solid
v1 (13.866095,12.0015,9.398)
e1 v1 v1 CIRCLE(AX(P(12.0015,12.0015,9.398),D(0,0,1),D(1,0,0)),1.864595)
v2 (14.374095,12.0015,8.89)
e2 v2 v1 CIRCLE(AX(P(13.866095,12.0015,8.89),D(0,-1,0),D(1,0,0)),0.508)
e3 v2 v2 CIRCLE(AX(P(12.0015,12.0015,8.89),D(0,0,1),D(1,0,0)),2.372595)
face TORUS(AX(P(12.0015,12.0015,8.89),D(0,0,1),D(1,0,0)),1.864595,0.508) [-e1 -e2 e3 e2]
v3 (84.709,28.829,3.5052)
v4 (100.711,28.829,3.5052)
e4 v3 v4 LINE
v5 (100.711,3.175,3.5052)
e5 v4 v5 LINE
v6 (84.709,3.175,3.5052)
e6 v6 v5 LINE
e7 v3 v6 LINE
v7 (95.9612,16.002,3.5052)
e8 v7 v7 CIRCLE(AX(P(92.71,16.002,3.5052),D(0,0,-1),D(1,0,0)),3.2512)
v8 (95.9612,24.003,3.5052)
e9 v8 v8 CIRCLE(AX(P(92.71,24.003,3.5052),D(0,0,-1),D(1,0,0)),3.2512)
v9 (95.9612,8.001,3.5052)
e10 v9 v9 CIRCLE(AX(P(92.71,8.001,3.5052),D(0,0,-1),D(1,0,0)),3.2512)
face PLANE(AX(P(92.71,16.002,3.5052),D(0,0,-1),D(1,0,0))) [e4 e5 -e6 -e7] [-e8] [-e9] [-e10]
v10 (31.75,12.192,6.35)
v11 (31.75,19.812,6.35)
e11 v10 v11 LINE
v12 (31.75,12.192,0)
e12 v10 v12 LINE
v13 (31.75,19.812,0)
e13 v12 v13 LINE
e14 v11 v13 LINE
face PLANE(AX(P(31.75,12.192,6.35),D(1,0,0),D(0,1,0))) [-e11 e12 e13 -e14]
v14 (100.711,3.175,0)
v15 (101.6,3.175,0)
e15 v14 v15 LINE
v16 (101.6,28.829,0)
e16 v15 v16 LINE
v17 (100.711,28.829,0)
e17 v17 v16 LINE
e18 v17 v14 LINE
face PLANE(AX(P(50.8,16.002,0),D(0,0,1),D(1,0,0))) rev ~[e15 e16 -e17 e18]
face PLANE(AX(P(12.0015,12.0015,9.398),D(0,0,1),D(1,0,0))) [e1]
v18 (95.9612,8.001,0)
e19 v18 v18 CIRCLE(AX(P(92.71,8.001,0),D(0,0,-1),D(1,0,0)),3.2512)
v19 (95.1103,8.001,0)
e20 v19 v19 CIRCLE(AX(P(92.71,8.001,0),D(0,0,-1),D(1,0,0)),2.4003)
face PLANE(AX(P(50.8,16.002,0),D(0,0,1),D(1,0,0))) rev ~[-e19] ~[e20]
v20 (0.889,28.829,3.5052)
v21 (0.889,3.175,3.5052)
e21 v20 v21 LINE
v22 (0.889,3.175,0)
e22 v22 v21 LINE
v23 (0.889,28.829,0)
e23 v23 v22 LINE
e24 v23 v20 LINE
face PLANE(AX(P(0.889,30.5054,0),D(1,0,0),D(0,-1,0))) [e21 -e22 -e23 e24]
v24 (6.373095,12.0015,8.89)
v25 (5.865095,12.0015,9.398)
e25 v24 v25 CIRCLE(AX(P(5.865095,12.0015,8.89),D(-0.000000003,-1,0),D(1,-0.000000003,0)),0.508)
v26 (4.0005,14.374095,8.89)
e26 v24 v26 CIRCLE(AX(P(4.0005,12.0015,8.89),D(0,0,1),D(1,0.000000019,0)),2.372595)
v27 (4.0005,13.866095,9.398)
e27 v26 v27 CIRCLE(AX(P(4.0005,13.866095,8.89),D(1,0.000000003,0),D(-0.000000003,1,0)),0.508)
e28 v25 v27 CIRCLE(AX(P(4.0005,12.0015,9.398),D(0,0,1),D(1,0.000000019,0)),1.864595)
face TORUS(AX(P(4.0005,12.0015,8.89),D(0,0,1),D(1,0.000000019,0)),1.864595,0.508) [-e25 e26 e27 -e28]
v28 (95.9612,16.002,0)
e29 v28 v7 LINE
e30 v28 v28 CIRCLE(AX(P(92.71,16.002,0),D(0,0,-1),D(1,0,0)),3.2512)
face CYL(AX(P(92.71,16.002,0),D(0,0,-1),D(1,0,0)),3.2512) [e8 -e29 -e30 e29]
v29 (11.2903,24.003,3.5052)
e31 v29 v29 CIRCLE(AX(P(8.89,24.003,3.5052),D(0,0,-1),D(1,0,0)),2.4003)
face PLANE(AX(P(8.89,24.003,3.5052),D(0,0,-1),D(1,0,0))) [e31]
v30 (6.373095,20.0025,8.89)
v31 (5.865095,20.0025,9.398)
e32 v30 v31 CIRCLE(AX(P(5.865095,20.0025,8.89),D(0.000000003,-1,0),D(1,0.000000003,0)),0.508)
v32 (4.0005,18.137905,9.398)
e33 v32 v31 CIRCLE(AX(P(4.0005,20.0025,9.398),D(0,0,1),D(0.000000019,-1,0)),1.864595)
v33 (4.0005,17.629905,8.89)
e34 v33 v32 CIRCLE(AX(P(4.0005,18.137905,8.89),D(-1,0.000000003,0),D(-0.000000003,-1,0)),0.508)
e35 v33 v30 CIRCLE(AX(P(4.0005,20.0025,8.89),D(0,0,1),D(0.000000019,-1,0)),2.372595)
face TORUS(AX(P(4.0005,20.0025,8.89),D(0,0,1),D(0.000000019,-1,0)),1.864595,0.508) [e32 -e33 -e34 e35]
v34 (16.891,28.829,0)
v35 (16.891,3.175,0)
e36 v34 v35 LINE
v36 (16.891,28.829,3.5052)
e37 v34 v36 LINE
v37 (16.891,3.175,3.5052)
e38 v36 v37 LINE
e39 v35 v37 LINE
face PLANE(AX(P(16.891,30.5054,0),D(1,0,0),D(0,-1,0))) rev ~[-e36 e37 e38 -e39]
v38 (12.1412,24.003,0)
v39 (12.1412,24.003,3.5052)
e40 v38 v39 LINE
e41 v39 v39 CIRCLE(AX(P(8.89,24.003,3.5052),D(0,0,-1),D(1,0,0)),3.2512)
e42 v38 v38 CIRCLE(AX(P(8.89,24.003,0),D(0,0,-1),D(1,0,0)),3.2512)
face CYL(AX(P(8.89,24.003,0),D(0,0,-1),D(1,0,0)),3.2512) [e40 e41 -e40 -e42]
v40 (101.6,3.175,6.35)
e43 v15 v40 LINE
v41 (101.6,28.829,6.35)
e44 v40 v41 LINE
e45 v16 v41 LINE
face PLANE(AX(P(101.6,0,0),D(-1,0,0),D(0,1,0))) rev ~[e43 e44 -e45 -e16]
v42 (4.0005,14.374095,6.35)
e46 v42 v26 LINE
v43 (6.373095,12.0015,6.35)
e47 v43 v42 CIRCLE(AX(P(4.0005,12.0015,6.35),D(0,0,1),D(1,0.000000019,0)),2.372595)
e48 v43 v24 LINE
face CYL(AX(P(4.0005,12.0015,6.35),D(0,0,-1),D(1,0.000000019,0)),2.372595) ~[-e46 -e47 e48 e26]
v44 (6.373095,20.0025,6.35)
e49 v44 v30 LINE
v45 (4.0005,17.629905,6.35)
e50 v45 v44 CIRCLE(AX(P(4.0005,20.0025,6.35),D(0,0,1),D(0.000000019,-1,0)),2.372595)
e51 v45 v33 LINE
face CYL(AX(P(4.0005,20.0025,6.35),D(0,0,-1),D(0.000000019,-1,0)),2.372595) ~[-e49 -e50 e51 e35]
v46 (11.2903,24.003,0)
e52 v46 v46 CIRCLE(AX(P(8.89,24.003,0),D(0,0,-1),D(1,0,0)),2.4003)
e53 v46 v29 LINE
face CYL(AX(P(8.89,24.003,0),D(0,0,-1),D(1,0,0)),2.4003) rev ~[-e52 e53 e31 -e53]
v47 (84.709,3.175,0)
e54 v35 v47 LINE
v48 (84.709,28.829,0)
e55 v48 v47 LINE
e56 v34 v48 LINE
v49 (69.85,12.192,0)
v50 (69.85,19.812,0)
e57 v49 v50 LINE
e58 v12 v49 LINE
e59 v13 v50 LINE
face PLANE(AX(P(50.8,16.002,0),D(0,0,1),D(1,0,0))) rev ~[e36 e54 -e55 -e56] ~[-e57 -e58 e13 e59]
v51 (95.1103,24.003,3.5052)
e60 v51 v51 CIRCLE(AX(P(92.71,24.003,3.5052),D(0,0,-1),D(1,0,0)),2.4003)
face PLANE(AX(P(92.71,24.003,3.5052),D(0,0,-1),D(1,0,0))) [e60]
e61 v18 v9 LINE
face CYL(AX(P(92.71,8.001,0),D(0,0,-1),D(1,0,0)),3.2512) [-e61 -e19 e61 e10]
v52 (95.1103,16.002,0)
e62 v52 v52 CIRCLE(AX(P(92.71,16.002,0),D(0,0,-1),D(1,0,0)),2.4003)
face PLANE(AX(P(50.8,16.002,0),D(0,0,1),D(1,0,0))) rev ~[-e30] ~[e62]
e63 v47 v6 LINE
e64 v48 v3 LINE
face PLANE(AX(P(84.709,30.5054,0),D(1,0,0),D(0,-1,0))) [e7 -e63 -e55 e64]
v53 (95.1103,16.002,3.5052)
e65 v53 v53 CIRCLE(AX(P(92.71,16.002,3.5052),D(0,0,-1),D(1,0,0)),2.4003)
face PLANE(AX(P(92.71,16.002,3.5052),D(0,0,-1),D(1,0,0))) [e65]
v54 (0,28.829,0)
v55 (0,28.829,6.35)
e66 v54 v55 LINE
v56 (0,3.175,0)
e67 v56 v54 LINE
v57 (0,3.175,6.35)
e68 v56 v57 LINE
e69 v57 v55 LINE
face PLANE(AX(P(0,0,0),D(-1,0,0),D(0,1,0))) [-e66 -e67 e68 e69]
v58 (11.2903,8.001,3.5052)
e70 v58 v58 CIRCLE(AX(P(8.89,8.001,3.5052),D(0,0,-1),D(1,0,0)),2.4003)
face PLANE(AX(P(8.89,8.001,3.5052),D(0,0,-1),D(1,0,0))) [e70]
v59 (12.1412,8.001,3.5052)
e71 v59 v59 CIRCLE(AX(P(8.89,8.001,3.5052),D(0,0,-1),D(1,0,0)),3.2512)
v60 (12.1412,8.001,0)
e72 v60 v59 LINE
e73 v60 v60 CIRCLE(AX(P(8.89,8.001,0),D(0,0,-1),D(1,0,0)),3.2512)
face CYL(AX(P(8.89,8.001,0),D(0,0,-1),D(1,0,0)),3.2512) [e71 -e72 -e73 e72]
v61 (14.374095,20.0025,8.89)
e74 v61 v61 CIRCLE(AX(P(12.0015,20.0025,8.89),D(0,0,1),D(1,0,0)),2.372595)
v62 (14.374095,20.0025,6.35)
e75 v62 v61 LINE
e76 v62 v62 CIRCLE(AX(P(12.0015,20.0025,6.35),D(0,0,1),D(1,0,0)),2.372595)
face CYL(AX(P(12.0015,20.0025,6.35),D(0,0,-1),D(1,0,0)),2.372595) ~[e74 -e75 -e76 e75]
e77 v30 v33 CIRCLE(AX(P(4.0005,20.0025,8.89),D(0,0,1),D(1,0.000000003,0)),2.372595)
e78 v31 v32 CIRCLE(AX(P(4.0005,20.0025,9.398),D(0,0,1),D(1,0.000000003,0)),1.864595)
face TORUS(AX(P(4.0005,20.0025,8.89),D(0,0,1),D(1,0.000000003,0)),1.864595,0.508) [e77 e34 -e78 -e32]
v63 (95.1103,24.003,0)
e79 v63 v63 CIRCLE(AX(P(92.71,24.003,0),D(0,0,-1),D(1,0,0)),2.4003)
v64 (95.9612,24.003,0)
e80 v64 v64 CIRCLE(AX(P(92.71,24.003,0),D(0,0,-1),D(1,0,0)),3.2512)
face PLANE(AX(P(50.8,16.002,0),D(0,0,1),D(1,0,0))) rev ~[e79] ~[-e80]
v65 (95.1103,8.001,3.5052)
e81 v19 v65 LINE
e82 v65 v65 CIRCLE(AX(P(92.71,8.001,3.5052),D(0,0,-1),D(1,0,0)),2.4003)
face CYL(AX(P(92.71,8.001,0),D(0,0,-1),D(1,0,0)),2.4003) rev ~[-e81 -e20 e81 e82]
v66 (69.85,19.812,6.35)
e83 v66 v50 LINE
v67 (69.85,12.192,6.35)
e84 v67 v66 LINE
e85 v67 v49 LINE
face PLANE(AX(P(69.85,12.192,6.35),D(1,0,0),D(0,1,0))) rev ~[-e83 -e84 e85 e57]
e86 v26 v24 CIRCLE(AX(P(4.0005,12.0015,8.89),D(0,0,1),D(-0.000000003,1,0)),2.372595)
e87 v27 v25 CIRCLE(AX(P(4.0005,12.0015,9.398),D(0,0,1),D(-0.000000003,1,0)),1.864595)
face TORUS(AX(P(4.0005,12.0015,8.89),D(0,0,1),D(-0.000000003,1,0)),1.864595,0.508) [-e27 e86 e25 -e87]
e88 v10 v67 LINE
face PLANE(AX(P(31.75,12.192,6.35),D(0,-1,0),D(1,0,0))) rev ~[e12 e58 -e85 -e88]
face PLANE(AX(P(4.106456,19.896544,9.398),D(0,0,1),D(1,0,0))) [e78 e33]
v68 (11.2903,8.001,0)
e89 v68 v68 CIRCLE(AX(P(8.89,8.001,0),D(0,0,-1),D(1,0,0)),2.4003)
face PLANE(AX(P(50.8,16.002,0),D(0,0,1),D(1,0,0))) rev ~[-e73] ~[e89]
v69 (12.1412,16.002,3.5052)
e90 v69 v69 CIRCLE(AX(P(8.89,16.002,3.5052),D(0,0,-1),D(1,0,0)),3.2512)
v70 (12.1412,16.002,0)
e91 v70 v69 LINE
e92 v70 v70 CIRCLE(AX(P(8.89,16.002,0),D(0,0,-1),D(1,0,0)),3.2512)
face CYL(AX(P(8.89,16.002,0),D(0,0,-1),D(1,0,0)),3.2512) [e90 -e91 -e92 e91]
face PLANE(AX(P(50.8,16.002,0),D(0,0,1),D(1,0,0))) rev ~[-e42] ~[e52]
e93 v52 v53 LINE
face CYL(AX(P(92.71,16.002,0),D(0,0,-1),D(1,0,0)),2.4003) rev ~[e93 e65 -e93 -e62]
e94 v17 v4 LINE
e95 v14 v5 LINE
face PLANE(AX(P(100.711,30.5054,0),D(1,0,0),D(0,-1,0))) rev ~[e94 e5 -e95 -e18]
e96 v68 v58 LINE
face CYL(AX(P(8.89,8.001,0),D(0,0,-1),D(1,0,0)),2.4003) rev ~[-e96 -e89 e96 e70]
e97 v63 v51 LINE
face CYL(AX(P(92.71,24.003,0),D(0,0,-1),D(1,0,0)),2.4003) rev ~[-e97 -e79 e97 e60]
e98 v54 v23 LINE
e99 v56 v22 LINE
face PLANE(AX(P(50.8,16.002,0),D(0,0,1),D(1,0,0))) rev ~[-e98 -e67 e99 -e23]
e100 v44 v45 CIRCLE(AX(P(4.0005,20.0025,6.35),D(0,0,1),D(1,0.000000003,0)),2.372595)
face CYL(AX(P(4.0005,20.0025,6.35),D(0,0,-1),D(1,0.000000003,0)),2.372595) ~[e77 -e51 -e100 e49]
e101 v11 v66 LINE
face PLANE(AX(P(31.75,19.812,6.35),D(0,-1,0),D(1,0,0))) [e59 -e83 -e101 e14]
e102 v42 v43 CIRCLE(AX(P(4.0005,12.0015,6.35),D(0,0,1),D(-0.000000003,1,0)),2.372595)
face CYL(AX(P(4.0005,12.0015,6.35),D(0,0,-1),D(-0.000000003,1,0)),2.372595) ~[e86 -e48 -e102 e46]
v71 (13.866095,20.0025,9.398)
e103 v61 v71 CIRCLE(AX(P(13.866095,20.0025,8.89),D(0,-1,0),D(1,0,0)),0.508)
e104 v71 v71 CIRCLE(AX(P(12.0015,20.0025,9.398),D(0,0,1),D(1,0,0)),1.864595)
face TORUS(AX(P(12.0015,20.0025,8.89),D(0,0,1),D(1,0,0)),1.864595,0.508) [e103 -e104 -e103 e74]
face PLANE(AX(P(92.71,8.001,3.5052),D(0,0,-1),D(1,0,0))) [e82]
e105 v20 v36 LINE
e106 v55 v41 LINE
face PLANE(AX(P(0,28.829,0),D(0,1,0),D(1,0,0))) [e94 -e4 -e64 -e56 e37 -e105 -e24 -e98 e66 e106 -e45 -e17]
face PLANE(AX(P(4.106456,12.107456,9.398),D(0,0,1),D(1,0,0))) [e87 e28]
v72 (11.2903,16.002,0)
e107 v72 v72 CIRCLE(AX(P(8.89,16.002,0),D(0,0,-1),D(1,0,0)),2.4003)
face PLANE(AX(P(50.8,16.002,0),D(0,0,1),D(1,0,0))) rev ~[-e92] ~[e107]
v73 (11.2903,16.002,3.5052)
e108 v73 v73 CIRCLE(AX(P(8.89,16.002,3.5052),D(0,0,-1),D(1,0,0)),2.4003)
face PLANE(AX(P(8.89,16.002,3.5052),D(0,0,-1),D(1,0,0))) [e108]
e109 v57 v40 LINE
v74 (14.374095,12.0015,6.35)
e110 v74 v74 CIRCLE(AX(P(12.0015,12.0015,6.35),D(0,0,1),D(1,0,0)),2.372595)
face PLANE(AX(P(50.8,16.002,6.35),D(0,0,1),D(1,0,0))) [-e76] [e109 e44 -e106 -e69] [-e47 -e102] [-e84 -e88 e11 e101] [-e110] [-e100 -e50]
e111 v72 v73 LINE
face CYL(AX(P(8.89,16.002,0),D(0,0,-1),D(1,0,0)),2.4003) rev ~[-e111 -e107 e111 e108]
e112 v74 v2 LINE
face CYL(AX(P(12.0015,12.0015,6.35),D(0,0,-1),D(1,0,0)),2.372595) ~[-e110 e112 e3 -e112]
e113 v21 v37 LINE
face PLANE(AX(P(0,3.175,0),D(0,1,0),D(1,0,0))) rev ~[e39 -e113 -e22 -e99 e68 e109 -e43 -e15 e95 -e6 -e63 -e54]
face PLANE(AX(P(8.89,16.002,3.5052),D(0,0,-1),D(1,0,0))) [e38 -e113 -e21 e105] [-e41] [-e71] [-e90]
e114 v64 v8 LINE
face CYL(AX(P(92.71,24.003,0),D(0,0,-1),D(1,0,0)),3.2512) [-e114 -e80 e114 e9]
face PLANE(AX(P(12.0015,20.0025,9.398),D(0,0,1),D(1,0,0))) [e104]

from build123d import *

# Parameters (mm, degrees)
F0_W      = 101.6
F0_H      = 32.004
F1_DEPTH  = 6.35
F2_R      = 2.372595
F3_DEPTH  = 3.048
F4_R      = 0.508
F5_W      = 16.002
F5_H      = 29.0068
F5_R      = 3.2512
F5_R_2    = 2.4003
F6_DEPTH  = 3.5052
F7_W      = 101.6
F7_H      = 3.175
F8_DEPTH  = 6.35
F9_W      = 38.1
F9_H      = 7.62
F10_DEPTH = 6.35


with BuildPart() as f1:
    # F0 (on Top) → F1 (new body)
    with BuildSketch(Plane.XY):
        with Locations((50.8, 16.002)):
            Rectangle(F0_W, F0_H)
    extrude(amount=F1_DEPTH)

    # F2 (on face) → F3 (join)
    with BuildSketch(Plane.XY.offset(6.35)):
        with Locations((12.0015, 20.0025)):
            Circle(F2_R)
        with Locations((12.0015, 12.0015)):
            Circle(F2_R)
        with BuildLine():
            ThreePointArc((6.373095, 12.0015), (5.678178, 13.679178), (4.0005, 14.374095))
            ThreePointArc((4.0005, 14.374095), (2.322822, 10.323822), (6.373095, 12.0015))
        make_face()
        with BuildLine():
            ThreePointArc((4.0005, 17.629905), (5.678178, 18.324822), (6.373095, 20.0025))
            ThreePointArc((6.373095, 20.0025), (2.322822, 21.680178), (4.0005, 17.629905))
        make_face()
    extrude(amount=F3_DEPTH)

    # F4
    f4_edges = [f1.edges().sort_by_distance(p)[0] for p in [
        (9.628905, 20.0025, 9.398),
        (4.0005, 22.375095, 9.398),
        (1.627905, 12.0015, 9.398),
        (9.628905, 12.0015, 9.398),
    ]]
    fillet(f4_edges, radius=F4_R)

    # F5 (on face) → F6 (cut)
    with BuildSketch(Plane(origin=(0, 0, 0), x_dir=(1, 0, 0), z_dir=(0, 0, -1))):
        with Locations((8.89, -16.002)):
            Rectangle(F5_W, F5_H)
        with Locations((8.89, -24.003)):
            Circle(F5_R, mode=Mode.SUBTRACT)
        with Locations((8.89, -16.002)):
            Circle(F5_R, mode=Mode.SUBTRACT)
        with Locations((8.89, -8.001)):
            Circle(F5_R, mode=Mode.SUBTRACT)
        with Locations((92.71, -16.002)):
            Rectangle(F5_W, F5_H)
        with Locations((92.71, -24.003)):
            Circle(F5_R, mode=Mode.SUBTRACT)
        with Locations((92.71, -16.002)):
            Circle(F5_R, mode=Mode.SUBTRACT)
        with Locations((92.71, -8.001)):
            Circle(F5_R, mode=Mode.SUBTRACT)
        with Locations((8.89, -8.001)):
            Circle(F5_R_2)
        with Locations((8.89, -16.002)):
            Circle(F5_R_2)
        with Locations((8.89, -24.003)):
            Circle(F5_R_2)
        with Locations((92.71, -8.001)):
            Circle(F5_R_2)
        with Locations((92.71, -16.002)):
            Circle(F5_R_2)
        with Locations((92.71, -24.003)):
            Circle(F5_R_2)
    extrude(amount=-F6_DEPTH, mode=Mode.SUBTRACT)

    # F7 (on face) → F8 (cut, through all)
    with BuildSketch(Plane(origin=(0, 0, 0), x_dir=(1, 0, 0), z_dir=(0, 0, -1))):
        with Locations((50.8, -30.4165)):
            Rectangle(F7_W, F7_H)
        with Locations((50.8, -1.5875)):
            Rectangle(F7_W, F7_H)
    extrude(amount=-F8_DEPTH, mode=Mode.SUBTRACT)

    # F9 (on face) → F10 (cut, through all)
    with BuildSketch(Plane.XY.offset(6.35)):
        with Locations((50.8, 16.002)):
            Rectangle(F9_W, F9_H)
    extrude(amount=-F10_DEPTH, mode=Mode.SUBTRACT)


solid = f1.part
